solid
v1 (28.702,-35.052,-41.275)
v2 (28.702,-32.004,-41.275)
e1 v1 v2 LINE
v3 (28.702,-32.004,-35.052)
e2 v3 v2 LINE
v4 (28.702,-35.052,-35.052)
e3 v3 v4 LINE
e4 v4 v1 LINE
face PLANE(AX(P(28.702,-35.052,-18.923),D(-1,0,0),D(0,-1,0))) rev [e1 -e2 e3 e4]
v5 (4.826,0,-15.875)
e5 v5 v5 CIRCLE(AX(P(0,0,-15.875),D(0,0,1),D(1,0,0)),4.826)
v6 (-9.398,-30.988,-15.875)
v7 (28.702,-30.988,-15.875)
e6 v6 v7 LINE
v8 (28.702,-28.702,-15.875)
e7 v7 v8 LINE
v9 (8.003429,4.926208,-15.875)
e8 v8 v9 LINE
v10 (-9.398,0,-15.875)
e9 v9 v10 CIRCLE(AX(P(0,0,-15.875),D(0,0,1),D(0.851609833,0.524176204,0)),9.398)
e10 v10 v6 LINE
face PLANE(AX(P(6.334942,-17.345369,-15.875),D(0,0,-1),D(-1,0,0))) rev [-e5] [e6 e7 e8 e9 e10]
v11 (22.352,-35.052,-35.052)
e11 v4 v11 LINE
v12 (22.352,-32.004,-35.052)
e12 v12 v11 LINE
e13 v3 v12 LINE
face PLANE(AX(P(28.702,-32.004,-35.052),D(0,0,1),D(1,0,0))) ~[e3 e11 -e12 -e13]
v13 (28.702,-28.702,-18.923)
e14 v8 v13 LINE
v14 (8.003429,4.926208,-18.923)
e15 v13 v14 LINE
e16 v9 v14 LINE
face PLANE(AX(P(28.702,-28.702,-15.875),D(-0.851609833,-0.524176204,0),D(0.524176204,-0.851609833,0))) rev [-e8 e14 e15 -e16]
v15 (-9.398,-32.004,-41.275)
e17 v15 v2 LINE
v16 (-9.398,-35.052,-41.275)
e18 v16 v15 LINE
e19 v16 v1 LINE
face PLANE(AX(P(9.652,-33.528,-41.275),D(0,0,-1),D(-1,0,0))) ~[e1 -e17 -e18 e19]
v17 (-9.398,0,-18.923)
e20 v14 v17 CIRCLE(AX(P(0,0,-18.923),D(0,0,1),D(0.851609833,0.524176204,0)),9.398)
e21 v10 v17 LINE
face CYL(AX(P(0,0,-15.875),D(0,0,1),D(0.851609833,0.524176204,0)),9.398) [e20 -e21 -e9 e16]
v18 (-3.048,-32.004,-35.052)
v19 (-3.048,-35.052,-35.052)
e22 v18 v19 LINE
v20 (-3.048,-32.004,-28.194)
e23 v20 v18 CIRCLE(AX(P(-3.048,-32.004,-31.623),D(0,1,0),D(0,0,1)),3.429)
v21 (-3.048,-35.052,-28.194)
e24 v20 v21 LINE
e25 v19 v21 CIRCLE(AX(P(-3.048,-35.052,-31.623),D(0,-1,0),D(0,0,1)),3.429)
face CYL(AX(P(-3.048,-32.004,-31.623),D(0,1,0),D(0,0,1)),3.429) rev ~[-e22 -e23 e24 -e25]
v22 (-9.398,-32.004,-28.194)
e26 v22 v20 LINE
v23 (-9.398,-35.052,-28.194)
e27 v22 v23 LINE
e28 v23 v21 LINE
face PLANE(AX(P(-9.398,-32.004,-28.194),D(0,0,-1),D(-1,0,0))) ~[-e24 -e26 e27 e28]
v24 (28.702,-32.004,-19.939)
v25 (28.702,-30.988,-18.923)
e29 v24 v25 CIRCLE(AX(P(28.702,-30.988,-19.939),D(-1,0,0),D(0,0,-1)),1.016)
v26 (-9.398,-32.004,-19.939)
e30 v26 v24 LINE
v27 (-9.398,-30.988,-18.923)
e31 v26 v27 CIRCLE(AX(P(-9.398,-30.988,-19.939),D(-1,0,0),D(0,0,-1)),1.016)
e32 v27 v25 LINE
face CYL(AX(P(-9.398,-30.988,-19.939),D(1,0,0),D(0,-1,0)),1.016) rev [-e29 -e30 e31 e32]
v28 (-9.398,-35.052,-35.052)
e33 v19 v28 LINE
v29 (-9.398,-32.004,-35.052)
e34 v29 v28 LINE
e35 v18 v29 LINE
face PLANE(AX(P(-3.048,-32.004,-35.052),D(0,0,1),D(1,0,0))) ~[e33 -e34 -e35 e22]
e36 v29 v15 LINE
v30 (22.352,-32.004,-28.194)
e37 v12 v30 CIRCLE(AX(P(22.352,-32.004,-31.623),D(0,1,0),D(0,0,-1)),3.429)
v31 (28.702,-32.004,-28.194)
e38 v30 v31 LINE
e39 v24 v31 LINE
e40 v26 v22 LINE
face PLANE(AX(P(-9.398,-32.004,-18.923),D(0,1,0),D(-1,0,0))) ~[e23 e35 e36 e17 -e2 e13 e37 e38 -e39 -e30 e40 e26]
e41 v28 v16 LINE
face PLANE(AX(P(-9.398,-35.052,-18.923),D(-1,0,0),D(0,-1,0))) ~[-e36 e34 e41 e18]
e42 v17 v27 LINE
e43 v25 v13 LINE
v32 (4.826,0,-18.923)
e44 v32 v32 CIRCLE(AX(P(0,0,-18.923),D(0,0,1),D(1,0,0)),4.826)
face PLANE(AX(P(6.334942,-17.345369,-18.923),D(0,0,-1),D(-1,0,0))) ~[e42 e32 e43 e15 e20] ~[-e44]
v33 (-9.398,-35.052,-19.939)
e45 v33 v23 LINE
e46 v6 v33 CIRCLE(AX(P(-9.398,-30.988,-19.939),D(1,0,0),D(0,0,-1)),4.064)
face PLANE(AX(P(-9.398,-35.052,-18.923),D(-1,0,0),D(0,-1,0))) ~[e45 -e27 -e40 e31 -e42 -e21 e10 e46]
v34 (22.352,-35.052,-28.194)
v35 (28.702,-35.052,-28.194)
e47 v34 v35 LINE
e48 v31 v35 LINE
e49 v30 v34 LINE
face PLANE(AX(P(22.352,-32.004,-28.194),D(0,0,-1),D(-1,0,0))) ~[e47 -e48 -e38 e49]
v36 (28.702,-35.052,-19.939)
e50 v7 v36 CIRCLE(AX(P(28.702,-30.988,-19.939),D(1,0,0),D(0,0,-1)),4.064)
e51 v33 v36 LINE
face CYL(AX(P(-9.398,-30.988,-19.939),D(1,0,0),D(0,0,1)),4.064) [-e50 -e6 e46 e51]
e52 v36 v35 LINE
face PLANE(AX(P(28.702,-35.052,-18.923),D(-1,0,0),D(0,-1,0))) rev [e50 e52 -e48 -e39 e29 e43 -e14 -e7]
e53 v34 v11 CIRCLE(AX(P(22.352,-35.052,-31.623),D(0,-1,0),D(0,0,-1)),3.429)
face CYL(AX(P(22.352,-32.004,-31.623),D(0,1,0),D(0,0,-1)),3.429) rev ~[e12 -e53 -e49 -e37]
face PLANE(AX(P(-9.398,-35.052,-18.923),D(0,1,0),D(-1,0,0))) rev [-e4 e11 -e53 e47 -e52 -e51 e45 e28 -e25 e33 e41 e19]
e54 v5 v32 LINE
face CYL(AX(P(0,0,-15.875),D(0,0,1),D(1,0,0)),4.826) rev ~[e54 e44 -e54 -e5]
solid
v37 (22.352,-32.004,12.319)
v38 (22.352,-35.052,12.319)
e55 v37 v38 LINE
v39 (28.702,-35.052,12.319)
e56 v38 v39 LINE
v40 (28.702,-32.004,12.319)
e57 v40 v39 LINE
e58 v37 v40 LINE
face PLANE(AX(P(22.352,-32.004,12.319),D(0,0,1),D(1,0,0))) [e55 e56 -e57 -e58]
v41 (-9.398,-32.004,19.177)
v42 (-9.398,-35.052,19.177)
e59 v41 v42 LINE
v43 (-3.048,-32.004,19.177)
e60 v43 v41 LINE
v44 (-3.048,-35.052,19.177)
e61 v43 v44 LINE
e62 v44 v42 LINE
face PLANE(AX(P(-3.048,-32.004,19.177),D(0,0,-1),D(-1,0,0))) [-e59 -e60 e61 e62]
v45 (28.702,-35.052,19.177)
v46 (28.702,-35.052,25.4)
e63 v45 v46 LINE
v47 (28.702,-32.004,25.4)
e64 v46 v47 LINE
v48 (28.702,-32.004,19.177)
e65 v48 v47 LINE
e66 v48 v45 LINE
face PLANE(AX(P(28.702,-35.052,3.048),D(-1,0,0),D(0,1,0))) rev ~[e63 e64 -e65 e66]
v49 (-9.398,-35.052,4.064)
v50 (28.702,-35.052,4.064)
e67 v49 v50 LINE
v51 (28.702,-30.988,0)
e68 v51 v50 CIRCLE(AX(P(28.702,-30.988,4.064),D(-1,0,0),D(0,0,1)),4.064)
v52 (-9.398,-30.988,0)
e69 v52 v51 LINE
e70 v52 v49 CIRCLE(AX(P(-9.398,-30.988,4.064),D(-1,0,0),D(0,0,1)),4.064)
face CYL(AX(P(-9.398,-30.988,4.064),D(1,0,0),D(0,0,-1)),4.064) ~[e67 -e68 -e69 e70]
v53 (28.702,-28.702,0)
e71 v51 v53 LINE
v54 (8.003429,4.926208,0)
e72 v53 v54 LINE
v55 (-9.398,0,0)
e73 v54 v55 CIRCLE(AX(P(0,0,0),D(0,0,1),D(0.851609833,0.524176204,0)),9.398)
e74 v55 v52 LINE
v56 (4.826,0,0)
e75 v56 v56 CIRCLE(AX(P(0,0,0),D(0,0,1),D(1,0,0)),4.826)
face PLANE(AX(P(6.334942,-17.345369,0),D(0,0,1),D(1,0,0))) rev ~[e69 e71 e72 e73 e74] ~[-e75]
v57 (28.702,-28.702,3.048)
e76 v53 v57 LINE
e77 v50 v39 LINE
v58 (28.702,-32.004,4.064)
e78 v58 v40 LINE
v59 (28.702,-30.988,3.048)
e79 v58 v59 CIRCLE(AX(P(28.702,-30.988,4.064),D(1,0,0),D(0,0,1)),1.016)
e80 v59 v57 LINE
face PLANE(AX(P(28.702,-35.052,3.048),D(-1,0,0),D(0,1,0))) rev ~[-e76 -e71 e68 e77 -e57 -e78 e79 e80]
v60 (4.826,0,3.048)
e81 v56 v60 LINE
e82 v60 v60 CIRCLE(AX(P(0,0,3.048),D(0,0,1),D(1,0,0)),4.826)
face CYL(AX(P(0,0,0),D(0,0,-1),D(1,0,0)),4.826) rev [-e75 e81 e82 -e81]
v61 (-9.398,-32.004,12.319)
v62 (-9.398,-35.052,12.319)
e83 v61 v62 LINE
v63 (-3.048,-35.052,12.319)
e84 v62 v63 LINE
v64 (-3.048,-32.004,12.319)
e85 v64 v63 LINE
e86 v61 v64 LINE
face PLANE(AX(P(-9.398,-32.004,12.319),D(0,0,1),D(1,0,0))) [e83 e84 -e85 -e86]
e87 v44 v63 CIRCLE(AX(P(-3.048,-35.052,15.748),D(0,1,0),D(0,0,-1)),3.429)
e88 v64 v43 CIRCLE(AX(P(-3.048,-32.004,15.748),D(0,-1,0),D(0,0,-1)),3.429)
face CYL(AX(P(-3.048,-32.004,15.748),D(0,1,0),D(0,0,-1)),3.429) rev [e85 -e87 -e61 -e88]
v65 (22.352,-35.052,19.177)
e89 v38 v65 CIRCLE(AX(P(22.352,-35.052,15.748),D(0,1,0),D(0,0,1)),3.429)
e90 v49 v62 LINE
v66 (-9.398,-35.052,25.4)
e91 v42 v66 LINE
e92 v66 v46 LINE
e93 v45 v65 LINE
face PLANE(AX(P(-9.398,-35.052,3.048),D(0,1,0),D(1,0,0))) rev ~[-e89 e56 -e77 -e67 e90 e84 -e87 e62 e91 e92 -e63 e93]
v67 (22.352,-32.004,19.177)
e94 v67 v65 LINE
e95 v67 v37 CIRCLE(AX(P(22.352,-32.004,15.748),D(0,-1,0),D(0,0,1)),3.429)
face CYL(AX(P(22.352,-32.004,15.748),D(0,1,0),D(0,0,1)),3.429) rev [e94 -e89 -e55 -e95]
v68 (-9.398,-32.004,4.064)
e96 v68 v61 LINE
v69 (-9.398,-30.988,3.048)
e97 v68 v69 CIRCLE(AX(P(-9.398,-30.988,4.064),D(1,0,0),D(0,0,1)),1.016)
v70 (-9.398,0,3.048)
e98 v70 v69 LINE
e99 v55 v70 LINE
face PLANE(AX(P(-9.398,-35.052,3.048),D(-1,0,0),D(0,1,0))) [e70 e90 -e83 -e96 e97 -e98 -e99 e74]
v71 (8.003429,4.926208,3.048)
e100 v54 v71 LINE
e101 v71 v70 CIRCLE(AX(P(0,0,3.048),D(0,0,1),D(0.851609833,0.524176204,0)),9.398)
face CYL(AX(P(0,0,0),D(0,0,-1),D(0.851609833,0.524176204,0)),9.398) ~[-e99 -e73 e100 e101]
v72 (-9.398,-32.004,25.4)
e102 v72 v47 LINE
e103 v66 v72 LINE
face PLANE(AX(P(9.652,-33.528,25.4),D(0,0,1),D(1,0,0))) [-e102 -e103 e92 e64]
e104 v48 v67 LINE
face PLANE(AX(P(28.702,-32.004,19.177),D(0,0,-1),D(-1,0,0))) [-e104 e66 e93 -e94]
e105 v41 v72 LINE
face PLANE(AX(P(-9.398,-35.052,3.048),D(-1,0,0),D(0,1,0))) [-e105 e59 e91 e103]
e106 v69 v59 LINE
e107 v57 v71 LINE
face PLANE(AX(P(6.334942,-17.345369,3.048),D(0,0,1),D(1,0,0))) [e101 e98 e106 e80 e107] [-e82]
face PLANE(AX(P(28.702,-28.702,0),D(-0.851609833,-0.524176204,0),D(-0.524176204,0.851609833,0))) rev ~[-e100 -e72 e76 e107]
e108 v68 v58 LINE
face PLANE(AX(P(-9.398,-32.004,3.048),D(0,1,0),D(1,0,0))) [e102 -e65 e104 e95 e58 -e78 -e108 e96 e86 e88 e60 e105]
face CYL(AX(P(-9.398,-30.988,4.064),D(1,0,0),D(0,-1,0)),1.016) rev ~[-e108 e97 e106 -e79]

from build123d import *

# Parameters (mm, degrees)
SKETCH3_R           = 4.826
BOSS_EXTRUDE1_DEPTH = 3.048
SKETCH4_W           = 38.1
SKETCH4_H           = 3.048
BOSS_EXTRUDE2_DEPTH = 22.352
CUT_EXTRUDE1_DEPTH  = 4.048
FILLET1_R           = 1.016
FILLET2_R           = 4.064


with BuildPart() as part:
    # Sketch3 → Boss-Extrude1 (new body)
    with BuildSketch(Plane.XY):
        with BuildLine():
            Line((-9.398, 0), (-9.398, -35.052))
            Line((-9.398, -35.052), (28.702, -35.052))
            Line((28.702, -35.052), (28.702, -28.702))
            Line((28.702, -28.702), (8.003429206, 4.926207967))
            ThreePointArc((8.003429206, 4.926207967), (-2.559900029, 9.042638765), (-9.398, 0))
        make_face()
        Circle(SKETCH3_R, mode=Mode.SUBTRACT)
    extrude(amount=BOSS_EXTRUDE1_DEPTH)

    # Sketch4 → Boss-Extrude2 (add)
    with BuildSketch(Plane.XY.offset(3.048)):
        with Locations((9.652, -33.528)):
            Rectangle(SKETCH4_W, SKETCH4_H)
    extrude(amount=BOSS_EXTRUDE2_DEPTH)

    # Sketch5 → Cut-Extrude1 (cut, through all)
    with BuildSketch(Plane(origin=(0, -32.004, 0), x_dir=(1, 0, 0), z_dir=(0, 1, 0))):
        with BuildLine():
            Line((-3.048, -19.177), (-9.398, -19.177))
            Line((-9.398, -19.177), (-9.398, -12.319))
            Line((-9.398, -12.319), (-3.048, -12.319))
            ThreePointArc((-3.048, -12.319), (0.381, -15.748), (-3.048, -19.177))
        make_face()
        with BuildLine():
            Line((22.352, -12.319), (28.702, -12.319))
            Line((28.702, -12.319), (28.702, -19.177))
            Line((28.702, -19.177), (22.352, -19.177))
            ThreePointArc((22.352, -19.177), (18.923, -15.748), (22.352, -12.319))
        make_face()
    extrude(amount=-CUT_EXTRUDE1_DEPTH, mode=Mode.SUBTRACT)

    # Fillet1
    fillet1_edges = [part.edges().sort_by_distance(p)[0] for p in [
        (9.652, -32.004, 3.048),
    ]]
    fillet(fillet1_edges, radius=FILLET1_R)

    # Fillet2
    fillet2_edges = [part.edges().sort_by_distance(p)[0] for p in [
        (9.652, -35.052, 0),
    ]]
    fillet(fillet2_edges, radius=FILLET2_R)


with BuildPart() as body_2:
    # Mirror2: mirrored copy
    add(part.part.mirror(Plane.XY.offset(-7.9375)))


solid = Compound([part.part, body_2.part])
